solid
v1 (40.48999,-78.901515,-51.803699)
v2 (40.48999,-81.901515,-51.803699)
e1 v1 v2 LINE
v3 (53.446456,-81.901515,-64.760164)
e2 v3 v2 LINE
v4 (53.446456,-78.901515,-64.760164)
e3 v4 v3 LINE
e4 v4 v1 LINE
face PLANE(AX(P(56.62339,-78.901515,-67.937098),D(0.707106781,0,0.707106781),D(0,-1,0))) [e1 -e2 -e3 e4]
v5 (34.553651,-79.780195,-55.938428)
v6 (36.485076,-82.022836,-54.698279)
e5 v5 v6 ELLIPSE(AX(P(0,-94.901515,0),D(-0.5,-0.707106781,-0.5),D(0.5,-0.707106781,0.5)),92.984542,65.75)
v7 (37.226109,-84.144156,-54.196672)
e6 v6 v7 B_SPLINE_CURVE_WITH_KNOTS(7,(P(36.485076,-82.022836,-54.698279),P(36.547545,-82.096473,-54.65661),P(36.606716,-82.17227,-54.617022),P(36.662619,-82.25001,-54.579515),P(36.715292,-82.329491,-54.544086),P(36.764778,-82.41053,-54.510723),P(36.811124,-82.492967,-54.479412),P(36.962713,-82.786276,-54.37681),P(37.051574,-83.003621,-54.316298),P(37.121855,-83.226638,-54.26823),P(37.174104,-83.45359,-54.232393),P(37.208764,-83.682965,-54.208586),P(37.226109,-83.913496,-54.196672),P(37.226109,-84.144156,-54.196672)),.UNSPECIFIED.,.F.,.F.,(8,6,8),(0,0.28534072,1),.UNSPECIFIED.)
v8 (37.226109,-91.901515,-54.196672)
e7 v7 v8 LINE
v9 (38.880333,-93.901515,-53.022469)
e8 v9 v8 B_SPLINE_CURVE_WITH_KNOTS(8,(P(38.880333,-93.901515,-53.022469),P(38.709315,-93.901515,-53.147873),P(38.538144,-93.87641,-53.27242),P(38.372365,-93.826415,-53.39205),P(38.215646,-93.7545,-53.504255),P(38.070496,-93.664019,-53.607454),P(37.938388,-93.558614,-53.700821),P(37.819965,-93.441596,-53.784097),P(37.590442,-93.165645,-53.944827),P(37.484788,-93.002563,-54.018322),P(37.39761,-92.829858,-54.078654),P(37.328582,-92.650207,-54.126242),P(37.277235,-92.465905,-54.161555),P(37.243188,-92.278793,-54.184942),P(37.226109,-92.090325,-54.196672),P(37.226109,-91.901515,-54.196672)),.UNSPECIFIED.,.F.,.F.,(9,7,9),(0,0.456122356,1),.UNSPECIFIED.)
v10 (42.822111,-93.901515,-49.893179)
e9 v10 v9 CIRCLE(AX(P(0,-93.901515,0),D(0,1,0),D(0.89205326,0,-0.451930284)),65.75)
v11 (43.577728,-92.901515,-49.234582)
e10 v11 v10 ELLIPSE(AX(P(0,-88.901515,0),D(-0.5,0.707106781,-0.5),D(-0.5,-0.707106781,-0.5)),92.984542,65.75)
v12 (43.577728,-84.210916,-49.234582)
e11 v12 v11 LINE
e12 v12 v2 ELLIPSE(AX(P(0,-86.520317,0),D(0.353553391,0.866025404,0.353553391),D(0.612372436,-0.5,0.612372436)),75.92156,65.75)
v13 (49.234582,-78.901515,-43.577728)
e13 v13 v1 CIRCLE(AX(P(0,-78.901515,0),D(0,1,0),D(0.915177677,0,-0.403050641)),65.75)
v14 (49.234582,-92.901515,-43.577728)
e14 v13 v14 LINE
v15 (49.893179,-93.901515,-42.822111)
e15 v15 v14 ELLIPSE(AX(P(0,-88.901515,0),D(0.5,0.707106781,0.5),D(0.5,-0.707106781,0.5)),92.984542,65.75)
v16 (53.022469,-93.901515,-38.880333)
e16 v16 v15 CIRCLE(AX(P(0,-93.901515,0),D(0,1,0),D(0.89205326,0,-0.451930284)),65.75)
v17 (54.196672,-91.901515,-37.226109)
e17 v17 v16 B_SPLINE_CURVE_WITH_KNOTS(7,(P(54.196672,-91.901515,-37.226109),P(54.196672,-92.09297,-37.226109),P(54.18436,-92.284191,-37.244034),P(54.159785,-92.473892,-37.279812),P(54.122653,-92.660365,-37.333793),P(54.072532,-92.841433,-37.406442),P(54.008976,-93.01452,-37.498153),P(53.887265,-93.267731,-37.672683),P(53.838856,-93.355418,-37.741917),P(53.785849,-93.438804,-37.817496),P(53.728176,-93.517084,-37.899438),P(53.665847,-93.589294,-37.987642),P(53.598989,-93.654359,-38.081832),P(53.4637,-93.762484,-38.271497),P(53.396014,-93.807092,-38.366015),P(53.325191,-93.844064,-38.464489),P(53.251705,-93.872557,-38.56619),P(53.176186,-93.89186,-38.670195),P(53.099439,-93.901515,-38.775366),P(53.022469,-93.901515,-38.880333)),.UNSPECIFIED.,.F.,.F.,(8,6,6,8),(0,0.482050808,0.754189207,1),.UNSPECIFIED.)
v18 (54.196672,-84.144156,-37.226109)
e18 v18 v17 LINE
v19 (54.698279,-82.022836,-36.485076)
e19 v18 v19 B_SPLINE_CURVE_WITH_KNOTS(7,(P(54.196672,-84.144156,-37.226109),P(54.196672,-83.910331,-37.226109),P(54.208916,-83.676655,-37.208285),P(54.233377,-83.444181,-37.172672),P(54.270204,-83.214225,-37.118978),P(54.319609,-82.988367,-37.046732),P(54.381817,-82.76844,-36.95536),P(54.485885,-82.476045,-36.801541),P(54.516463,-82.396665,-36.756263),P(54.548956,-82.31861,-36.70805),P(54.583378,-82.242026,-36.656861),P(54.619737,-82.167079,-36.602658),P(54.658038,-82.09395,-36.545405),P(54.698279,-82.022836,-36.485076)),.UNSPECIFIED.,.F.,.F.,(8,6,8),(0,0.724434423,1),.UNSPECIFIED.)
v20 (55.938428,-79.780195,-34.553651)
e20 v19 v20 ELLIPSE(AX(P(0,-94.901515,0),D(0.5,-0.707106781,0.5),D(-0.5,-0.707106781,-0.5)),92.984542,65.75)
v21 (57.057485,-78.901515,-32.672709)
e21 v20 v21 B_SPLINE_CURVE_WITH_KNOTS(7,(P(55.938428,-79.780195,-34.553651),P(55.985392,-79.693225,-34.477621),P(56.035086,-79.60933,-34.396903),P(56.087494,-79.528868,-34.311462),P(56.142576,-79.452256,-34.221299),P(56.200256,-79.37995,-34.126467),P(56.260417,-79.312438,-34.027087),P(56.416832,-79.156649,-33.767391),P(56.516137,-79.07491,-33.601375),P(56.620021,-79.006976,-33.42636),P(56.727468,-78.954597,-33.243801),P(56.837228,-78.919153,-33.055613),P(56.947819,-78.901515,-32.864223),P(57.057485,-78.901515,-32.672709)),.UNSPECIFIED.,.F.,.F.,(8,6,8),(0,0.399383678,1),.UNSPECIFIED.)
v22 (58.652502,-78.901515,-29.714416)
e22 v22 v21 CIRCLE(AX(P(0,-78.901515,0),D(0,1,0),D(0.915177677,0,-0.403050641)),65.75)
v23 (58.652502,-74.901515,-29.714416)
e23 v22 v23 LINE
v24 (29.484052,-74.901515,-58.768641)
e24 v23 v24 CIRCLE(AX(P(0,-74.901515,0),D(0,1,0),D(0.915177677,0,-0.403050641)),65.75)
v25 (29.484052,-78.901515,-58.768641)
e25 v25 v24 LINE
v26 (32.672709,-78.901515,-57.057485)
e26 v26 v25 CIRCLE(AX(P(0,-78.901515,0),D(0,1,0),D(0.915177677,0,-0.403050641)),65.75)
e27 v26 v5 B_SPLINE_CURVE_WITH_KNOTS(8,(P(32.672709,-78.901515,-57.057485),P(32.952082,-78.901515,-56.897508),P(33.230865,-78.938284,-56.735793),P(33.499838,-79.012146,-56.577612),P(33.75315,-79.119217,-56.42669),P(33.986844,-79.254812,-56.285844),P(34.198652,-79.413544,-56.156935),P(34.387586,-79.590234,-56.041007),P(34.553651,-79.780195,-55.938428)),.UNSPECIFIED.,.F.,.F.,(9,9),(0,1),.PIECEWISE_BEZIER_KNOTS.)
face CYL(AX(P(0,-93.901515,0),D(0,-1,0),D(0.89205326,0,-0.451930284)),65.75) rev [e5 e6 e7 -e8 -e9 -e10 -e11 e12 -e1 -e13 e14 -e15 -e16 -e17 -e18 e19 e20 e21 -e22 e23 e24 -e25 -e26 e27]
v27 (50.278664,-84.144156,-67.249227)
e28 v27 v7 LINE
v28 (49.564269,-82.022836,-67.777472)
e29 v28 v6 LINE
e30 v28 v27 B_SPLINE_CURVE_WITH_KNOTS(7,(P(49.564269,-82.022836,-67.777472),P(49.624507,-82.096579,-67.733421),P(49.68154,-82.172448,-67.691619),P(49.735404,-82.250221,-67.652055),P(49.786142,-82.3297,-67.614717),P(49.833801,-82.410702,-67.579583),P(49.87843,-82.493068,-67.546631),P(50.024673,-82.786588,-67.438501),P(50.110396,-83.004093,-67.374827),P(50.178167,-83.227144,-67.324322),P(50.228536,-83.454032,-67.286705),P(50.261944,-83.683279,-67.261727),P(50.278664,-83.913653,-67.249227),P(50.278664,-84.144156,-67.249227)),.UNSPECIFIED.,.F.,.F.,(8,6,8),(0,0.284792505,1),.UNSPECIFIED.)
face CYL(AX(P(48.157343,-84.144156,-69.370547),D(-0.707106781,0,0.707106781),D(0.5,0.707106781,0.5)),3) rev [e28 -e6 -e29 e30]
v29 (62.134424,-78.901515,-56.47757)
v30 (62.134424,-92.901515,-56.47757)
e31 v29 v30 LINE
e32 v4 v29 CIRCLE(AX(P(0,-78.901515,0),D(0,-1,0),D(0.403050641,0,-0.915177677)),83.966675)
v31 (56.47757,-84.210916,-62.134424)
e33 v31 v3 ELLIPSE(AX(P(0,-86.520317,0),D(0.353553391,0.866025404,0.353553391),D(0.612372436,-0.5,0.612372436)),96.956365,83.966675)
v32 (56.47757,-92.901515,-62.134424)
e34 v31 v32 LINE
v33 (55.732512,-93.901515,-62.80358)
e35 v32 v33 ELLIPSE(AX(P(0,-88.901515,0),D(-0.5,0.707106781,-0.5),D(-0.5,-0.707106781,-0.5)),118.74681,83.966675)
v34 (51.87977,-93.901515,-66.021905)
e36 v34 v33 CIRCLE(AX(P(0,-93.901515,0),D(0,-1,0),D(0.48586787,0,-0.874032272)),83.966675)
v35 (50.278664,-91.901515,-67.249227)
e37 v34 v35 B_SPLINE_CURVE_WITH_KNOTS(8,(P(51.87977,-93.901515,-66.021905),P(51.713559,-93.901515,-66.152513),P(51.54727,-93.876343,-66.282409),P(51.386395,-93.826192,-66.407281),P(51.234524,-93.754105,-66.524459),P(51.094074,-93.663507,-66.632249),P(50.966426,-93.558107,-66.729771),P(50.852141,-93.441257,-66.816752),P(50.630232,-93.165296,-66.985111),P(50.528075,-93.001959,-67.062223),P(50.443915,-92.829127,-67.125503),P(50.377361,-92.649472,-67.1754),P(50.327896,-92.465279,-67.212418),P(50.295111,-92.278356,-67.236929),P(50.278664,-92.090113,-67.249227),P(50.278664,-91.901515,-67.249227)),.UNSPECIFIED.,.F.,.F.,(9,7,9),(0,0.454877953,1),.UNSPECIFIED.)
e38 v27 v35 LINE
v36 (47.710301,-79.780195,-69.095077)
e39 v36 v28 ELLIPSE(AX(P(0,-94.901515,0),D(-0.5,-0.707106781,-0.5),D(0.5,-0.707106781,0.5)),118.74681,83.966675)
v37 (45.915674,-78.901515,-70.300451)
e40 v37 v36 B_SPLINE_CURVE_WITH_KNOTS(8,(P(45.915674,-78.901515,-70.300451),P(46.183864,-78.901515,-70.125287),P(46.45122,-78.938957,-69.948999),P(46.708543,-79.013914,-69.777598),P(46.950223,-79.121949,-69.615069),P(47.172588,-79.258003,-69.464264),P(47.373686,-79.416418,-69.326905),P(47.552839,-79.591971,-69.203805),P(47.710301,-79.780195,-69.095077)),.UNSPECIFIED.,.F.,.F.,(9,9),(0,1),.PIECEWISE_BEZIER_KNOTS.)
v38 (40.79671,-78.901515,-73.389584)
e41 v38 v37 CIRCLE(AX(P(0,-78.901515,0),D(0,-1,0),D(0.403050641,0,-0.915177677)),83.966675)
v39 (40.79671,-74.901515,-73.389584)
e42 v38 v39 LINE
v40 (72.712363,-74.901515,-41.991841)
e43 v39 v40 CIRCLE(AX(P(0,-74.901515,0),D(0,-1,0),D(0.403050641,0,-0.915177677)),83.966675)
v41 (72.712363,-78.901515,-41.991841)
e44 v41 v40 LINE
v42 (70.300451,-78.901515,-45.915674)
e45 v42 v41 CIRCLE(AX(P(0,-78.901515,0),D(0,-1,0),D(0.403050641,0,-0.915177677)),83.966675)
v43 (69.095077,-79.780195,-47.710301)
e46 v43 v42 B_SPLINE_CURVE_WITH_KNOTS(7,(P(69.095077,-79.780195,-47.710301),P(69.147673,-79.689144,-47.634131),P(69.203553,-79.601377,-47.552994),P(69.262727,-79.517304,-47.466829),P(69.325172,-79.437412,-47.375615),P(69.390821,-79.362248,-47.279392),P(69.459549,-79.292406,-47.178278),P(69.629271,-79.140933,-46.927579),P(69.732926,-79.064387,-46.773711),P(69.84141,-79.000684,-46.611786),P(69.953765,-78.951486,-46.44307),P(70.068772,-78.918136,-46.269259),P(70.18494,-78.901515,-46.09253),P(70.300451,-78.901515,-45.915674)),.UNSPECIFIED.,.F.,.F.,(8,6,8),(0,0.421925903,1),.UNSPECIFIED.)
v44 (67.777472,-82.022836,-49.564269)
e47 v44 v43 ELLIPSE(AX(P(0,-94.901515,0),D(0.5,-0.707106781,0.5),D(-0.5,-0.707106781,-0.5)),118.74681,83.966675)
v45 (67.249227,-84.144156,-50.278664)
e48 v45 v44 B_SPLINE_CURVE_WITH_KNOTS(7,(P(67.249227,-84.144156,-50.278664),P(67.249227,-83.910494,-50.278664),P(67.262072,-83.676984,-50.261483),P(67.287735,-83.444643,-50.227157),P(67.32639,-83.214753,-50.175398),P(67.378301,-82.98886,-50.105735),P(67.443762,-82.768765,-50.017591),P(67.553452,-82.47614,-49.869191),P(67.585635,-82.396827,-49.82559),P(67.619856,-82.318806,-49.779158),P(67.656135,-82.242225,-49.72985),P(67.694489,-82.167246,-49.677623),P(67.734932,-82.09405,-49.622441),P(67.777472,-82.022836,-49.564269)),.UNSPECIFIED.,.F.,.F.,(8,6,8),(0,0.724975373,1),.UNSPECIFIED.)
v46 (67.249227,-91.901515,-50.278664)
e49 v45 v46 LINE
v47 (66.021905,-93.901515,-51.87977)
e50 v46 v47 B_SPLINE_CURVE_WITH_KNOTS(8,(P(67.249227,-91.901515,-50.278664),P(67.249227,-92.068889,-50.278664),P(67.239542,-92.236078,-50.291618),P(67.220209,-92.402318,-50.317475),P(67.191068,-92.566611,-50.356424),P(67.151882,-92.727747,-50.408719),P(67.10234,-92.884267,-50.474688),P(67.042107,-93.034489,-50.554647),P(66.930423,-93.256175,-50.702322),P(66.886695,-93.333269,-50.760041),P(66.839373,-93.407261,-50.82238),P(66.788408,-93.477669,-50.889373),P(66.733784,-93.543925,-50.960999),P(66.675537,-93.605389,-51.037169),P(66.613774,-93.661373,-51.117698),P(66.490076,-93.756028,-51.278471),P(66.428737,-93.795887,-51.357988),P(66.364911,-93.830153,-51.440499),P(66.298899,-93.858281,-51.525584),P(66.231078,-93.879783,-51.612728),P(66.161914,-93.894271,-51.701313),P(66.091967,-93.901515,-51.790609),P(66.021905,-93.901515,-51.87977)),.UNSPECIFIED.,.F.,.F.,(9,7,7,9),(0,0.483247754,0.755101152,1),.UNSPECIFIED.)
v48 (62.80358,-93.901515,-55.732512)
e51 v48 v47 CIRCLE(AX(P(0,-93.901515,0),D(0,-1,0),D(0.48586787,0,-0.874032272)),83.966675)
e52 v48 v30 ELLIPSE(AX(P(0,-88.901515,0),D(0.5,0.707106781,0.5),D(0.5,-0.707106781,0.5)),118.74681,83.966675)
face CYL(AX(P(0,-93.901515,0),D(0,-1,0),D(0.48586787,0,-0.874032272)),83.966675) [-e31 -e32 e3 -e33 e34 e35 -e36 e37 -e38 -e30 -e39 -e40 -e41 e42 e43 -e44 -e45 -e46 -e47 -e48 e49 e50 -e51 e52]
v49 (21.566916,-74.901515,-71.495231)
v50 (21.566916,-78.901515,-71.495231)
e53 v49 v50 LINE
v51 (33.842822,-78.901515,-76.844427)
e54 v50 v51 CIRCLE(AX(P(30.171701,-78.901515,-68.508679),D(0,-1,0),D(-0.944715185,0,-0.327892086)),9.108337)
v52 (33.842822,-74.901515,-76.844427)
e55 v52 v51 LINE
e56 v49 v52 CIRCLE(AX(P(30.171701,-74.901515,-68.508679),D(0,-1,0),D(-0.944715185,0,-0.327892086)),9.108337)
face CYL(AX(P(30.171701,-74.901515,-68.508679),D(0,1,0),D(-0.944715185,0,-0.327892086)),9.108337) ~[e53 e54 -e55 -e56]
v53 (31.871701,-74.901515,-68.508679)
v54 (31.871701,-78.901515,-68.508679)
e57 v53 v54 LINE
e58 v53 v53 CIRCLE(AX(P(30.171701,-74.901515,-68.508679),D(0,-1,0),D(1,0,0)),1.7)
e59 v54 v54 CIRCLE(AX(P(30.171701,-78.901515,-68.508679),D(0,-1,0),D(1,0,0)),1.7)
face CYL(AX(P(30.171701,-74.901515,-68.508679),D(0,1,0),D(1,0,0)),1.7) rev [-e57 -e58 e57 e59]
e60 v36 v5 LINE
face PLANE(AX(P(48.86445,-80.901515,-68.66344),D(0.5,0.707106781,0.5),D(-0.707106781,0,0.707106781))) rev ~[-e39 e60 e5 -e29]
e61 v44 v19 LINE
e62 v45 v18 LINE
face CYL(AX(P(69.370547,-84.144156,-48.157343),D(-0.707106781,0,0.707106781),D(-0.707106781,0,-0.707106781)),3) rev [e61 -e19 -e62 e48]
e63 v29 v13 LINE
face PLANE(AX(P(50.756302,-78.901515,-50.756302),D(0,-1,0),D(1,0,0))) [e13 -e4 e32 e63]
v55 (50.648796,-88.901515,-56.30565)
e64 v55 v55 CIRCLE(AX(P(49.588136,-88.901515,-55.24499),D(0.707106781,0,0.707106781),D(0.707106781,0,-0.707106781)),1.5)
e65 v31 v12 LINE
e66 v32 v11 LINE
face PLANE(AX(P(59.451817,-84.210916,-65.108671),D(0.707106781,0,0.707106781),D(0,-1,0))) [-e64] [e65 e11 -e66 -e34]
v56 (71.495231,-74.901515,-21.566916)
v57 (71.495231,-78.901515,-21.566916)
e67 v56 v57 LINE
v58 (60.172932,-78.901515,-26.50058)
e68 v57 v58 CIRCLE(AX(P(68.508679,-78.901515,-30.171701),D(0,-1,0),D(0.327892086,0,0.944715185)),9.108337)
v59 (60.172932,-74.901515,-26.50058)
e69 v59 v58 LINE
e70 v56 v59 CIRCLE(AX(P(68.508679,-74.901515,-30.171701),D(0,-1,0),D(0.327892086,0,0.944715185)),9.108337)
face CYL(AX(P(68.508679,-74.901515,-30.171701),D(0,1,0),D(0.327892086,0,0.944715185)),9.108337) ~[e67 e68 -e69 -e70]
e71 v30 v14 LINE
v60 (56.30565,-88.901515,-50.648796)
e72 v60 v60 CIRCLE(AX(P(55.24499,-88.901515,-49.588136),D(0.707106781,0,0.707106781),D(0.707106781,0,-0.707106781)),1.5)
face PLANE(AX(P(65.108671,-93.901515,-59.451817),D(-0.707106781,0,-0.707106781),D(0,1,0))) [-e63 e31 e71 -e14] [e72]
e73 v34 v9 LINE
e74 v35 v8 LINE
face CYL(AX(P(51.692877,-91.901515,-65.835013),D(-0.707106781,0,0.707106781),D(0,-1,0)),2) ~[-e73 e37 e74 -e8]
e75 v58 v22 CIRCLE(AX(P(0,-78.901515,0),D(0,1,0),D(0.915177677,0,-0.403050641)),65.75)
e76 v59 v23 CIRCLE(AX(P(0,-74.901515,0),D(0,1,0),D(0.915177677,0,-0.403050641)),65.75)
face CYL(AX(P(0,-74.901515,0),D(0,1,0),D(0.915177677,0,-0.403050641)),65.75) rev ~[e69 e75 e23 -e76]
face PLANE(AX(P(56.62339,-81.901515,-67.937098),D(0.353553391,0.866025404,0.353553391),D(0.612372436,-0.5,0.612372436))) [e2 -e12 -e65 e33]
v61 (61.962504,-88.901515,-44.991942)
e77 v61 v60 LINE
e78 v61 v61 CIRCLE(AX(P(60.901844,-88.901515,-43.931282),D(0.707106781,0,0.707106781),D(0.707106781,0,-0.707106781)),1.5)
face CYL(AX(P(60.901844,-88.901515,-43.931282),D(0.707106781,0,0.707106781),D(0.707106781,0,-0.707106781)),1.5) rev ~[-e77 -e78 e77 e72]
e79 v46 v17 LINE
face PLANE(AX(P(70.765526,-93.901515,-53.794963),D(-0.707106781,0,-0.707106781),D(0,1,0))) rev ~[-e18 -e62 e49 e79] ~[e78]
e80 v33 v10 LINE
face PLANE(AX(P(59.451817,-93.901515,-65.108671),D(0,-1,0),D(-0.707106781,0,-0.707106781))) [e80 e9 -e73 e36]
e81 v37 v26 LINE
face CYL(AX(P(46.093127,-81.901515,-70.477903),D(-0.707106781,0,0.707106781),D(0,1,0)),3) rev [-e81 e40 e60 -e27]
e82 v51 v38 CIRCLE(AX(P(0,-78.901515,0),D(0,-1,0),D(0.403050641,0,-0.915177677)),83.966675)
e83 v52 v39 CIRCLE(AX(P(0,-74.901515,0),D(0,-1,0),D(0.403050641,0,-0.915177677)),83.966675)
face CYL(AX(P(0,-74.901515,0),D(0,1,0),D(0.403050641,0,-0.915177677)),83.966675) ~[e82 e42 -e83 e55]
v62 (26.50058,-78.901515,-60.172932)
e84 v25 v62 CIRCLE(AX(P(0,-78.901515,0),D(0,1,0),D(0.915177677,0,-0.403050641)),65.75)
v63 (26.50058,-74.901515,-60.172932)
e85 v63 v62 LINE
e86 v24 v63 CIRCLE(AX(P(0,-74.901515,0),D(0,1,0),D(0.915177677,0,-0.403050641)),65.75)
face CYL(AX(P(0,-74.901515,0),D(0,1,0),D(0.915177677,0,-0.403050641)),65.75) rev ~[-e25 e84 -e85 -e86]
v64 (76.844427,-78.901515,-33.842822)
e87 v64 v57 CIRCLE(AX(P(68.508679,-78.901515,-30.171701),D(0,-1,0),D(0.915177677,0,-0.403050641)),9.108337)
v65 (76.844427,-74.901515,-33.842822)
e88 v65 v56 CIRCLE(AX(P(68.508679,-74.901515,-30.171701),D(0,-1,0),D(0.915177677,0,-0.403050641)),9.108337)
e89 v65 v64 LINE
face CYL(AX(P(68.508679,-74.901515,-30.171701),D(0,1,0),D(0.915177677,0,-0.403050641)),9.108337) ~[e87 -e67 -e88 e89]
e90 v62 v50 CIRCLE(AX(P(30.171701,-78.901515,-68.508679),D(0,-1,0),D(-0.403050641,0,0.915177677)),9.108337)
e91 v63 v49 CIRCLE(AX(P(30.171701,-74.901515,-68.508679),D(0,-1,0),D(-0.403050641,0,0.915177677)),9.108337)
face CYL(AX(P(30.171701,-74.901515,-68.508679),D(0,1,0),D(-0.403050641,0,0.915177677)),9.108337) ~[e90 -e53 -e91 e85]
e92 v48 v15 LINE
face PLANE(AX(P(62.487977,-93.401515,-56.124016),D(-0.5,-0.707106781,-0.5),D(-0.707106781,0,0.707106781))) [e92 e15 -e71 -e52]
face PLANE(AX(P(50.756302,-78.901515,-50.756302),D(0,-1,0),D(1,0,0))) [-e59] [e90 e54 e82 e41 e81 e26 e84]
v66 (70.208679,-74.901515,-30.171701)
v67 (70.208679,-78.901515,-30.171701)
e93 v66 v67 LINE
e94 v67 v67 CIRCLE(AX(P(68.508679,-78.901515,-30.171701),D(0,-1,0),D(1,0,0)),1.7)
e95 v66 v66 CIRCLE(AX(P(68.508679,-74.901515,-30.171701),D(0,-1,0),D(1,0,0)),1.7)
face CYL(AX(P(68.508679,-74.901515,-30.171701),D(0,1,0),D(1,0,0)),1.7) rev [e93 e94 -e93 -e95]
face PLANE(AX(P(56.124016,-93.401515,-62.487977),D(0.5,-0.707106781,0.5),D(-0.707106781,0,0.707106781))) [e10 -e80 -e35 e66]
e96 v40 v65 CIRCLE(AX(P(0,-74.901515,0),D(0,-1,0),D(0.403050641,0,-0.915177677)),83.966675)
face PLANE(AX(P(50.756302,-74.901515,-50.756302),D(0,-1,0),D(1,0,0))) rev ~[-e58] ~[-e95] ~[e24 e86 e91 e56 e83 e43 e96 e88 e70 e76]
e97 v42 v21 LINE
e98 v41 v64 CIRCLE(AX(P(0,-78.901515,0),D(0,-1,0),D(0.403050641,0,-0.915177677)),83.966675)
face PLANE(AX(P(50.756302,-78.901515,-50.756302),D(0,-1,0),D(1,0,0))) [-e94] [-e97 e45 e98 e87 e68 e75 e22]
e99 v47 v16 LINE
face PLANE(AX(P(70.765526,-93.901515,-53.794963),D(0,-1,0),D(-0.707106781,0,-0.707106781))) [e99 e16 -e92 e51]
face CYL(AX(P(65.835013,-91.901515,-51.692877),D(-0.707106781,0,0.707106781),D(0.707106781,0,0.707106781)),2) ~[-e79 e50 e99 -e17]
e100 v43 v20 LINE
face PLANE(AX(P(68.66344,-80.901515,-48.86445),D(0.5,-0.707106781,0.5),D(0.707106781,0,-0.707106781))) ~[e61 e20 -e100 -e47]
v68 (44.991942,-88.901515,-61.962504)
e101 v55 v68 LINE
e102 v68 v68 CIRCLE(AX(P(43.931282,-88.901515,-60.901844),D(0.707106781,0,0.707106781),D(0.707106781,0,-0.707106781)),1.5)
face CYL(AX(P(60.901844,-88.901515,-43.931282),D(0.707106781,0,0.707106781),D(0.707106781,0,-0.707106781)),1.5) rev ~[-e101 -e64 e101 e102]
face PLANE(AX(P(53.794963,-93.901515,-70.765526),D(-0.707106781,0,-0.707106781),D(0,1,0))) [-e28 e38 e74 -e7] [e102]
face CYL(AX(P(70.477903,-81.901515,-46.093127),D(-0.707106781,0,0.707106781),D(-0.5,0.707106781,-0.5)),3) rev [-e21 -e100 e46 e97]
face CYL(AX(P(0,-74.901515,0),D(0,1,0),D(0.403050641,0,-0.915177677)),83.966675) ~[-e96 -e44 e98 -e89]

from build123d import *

# Parameters (mm, degrees)
SKETCH1_R           = 1.7
BOSS_EXTRUDE1_DEPTH = 4
SKETCH2_W           = 8
SKETCH2_H           = 15
BOSS_EXTRUDE2_DEPTH = 30
CUT_EXTRUDE1_DEPTH  = 30
SKETCH4_R           = 1.5
CUT_EXTRUDE2_DEPTH  = 52.989471847
FILLET1_R           = 2
CHAMFER1_SIZE       = 1
CHAMFER2_SIZE       = 4
FILLET2_R           = 3


with BuildPart() as part:
    # Sketch1 → Boss-Extrude1 (new body)
    with BuildSketch(Plane.XZ.offset(74.901515315)):
        with BuildLine():
            ThreePointArc((21.566916187, -71.495231174), (26.53319413, -76.858714128), (33.842822155, -76.844426529))
            ThreePointArc((33.842822155, -76.844426529), (59.373405242, -59.373405242), (76.844426529, -33.842822155))
            ThreePointArc((76.844426529, -33.842822155), (76.858714128, -26.53319413), (71.495231174, -21.566916187))
            ThreePointArc((71.495231174, -21.566916187), (64.870172632, -21.821666174), (60.172932274, -26.500579645))
            ThreePointArc((60.172932274, -26.500579645), (46.492270863, -46.492270863), (26.500579645, -60.172932274))
            ThreePointArc((26.500579645, -60.172932274), (21.821666174, -64.870172632), (21.566916187, -71.495231174))
        make_face()
        with Locations((30.1717009, -68.508679402)):
            Circle(SKETCH1_R, mode=Mode.SUBTRACT)
        with Locations((68.508679402, -30.1717009)):
            Circle(SKETCH1_R, mode=Mode.SUBTRACT)
    extrude(amount=BOSS_EXTRUDE1_DEPTH)

    # Sketch2 → Boss-Extrude2 (add)
    with BuildSketch(Plane(origin=(62.280244247, 0, -62.280244247), x_dir=(-0.707106781, 0, -0.707106781), z_dir=(0.707106781, 0, -0.707106781))):
        with Locations((-8, -86.401515315)):
            Rectangle(SKETCH2_W, SKETCH2_H)
        Polygon((4, -93.901515315), (12, -93.901515315), (12, -78.901515315), (8, -78.901515315), (8, -81.901515315), (4, -84.210916392), align=None)
    extrude(amount=-BOSS_EXTRUDE2_DEPTH)

    # Sketch3 → Cut-Extrude1 (cut)
    with BuildSketch(Plane.XZ.offset(93.901515315)):
        with BuildLine():
            Line((29.484052126, -58.768641044), (22.062889108, -51.347478026))
            Line((22.062889108, -51.347478026), (52.677923164, -23.025448826))
            Line((52.677923164, -23.025448826), (58.652501829, -29.714416185))
            ThreePointArc((58.652501829, -29.714416185), (46.400970155, -46.583392627), (29.484052126, -58.768641044))
        make_face()
        with BuildLine():
            Line((72.712363398, -41.991840982), (86.447631041, -52.417601978))
            Line((86.447631041, -52.417601978), (48.404595932, -83.58162252))
            Line((48.404595932, -83.58162252), (40.796709535, -73.389583669))
            ThreePointArc((40.796709535, -73.389583669), (58.885753549, -59.857084201), (72.712363398, -41.991840982))
        make_face()
    extrude(amount=-CUT_EXTRUDE1_DEPTH, mode=Mode.SUBTRACT)

    # Sketch4 → Cut-Extrude2 (cut, through all)
    with BuildSketch(Plane(origin=(8.485281374, 0, 8.485281374), x_dir=(0.707106781, 0, -0.707106781), z_dir=(0.707106781, 0, 0.707106781))):
        with Locations((74.128214207, -88.901515315)):
            Circle(SKETCH4_R)
    extrude(amount=-CUT_EXTRUDE2_DEPTH, mode=Mode.SUBTRACT)

    # Fillet1
    fillet1_edges = [part.edges().sort_by_distance(p)[0] for p in [
        (43.752386609, -93.901515315, -60.722949357),
        (60.722949357, -93.901515315, -43.752386609),
    ]]
    fillet(fillet1_edges, radius=FILLET1_R)

    # Chamfer1
    chamfer1_edges = [part.edges().sort_by_distance(p)[0] for p in [
        (50.0276489, -93.901515315, -55.684503149),
        (55.684503149, -93.901515315, -50.0276489),
    ]]
    chamfer(chamfer1_edges, length=CHAMFER1_SIZE)

    # Chamfer2
    chamfer2_edges = [part.edges().sort_by_distance(p)[0] for p in [
        (60.722949357, -78.901515315, -43.752386609),
        (43.752386609, -78.901515315, -60.722949357),
    ]]
    chamfer(chamfer2_edges, length=CHAMFER2_SIZE)

    # Fillet2
    fillet2_edges = [part.edges().sort_by_distance(p)[0] for p in [
        (63.00381198, -78.901515315, -40.376394982),
        (60.722949357, -82.901515315, -43.752386609),
        (43.752386609, -82.901515315, -60.722949357),
        (40.376394982, -78.901515315, -63.00381198),
    ]]
    fillet(fillet2_edges, radius=FILLET2_R)


solid = part.part
